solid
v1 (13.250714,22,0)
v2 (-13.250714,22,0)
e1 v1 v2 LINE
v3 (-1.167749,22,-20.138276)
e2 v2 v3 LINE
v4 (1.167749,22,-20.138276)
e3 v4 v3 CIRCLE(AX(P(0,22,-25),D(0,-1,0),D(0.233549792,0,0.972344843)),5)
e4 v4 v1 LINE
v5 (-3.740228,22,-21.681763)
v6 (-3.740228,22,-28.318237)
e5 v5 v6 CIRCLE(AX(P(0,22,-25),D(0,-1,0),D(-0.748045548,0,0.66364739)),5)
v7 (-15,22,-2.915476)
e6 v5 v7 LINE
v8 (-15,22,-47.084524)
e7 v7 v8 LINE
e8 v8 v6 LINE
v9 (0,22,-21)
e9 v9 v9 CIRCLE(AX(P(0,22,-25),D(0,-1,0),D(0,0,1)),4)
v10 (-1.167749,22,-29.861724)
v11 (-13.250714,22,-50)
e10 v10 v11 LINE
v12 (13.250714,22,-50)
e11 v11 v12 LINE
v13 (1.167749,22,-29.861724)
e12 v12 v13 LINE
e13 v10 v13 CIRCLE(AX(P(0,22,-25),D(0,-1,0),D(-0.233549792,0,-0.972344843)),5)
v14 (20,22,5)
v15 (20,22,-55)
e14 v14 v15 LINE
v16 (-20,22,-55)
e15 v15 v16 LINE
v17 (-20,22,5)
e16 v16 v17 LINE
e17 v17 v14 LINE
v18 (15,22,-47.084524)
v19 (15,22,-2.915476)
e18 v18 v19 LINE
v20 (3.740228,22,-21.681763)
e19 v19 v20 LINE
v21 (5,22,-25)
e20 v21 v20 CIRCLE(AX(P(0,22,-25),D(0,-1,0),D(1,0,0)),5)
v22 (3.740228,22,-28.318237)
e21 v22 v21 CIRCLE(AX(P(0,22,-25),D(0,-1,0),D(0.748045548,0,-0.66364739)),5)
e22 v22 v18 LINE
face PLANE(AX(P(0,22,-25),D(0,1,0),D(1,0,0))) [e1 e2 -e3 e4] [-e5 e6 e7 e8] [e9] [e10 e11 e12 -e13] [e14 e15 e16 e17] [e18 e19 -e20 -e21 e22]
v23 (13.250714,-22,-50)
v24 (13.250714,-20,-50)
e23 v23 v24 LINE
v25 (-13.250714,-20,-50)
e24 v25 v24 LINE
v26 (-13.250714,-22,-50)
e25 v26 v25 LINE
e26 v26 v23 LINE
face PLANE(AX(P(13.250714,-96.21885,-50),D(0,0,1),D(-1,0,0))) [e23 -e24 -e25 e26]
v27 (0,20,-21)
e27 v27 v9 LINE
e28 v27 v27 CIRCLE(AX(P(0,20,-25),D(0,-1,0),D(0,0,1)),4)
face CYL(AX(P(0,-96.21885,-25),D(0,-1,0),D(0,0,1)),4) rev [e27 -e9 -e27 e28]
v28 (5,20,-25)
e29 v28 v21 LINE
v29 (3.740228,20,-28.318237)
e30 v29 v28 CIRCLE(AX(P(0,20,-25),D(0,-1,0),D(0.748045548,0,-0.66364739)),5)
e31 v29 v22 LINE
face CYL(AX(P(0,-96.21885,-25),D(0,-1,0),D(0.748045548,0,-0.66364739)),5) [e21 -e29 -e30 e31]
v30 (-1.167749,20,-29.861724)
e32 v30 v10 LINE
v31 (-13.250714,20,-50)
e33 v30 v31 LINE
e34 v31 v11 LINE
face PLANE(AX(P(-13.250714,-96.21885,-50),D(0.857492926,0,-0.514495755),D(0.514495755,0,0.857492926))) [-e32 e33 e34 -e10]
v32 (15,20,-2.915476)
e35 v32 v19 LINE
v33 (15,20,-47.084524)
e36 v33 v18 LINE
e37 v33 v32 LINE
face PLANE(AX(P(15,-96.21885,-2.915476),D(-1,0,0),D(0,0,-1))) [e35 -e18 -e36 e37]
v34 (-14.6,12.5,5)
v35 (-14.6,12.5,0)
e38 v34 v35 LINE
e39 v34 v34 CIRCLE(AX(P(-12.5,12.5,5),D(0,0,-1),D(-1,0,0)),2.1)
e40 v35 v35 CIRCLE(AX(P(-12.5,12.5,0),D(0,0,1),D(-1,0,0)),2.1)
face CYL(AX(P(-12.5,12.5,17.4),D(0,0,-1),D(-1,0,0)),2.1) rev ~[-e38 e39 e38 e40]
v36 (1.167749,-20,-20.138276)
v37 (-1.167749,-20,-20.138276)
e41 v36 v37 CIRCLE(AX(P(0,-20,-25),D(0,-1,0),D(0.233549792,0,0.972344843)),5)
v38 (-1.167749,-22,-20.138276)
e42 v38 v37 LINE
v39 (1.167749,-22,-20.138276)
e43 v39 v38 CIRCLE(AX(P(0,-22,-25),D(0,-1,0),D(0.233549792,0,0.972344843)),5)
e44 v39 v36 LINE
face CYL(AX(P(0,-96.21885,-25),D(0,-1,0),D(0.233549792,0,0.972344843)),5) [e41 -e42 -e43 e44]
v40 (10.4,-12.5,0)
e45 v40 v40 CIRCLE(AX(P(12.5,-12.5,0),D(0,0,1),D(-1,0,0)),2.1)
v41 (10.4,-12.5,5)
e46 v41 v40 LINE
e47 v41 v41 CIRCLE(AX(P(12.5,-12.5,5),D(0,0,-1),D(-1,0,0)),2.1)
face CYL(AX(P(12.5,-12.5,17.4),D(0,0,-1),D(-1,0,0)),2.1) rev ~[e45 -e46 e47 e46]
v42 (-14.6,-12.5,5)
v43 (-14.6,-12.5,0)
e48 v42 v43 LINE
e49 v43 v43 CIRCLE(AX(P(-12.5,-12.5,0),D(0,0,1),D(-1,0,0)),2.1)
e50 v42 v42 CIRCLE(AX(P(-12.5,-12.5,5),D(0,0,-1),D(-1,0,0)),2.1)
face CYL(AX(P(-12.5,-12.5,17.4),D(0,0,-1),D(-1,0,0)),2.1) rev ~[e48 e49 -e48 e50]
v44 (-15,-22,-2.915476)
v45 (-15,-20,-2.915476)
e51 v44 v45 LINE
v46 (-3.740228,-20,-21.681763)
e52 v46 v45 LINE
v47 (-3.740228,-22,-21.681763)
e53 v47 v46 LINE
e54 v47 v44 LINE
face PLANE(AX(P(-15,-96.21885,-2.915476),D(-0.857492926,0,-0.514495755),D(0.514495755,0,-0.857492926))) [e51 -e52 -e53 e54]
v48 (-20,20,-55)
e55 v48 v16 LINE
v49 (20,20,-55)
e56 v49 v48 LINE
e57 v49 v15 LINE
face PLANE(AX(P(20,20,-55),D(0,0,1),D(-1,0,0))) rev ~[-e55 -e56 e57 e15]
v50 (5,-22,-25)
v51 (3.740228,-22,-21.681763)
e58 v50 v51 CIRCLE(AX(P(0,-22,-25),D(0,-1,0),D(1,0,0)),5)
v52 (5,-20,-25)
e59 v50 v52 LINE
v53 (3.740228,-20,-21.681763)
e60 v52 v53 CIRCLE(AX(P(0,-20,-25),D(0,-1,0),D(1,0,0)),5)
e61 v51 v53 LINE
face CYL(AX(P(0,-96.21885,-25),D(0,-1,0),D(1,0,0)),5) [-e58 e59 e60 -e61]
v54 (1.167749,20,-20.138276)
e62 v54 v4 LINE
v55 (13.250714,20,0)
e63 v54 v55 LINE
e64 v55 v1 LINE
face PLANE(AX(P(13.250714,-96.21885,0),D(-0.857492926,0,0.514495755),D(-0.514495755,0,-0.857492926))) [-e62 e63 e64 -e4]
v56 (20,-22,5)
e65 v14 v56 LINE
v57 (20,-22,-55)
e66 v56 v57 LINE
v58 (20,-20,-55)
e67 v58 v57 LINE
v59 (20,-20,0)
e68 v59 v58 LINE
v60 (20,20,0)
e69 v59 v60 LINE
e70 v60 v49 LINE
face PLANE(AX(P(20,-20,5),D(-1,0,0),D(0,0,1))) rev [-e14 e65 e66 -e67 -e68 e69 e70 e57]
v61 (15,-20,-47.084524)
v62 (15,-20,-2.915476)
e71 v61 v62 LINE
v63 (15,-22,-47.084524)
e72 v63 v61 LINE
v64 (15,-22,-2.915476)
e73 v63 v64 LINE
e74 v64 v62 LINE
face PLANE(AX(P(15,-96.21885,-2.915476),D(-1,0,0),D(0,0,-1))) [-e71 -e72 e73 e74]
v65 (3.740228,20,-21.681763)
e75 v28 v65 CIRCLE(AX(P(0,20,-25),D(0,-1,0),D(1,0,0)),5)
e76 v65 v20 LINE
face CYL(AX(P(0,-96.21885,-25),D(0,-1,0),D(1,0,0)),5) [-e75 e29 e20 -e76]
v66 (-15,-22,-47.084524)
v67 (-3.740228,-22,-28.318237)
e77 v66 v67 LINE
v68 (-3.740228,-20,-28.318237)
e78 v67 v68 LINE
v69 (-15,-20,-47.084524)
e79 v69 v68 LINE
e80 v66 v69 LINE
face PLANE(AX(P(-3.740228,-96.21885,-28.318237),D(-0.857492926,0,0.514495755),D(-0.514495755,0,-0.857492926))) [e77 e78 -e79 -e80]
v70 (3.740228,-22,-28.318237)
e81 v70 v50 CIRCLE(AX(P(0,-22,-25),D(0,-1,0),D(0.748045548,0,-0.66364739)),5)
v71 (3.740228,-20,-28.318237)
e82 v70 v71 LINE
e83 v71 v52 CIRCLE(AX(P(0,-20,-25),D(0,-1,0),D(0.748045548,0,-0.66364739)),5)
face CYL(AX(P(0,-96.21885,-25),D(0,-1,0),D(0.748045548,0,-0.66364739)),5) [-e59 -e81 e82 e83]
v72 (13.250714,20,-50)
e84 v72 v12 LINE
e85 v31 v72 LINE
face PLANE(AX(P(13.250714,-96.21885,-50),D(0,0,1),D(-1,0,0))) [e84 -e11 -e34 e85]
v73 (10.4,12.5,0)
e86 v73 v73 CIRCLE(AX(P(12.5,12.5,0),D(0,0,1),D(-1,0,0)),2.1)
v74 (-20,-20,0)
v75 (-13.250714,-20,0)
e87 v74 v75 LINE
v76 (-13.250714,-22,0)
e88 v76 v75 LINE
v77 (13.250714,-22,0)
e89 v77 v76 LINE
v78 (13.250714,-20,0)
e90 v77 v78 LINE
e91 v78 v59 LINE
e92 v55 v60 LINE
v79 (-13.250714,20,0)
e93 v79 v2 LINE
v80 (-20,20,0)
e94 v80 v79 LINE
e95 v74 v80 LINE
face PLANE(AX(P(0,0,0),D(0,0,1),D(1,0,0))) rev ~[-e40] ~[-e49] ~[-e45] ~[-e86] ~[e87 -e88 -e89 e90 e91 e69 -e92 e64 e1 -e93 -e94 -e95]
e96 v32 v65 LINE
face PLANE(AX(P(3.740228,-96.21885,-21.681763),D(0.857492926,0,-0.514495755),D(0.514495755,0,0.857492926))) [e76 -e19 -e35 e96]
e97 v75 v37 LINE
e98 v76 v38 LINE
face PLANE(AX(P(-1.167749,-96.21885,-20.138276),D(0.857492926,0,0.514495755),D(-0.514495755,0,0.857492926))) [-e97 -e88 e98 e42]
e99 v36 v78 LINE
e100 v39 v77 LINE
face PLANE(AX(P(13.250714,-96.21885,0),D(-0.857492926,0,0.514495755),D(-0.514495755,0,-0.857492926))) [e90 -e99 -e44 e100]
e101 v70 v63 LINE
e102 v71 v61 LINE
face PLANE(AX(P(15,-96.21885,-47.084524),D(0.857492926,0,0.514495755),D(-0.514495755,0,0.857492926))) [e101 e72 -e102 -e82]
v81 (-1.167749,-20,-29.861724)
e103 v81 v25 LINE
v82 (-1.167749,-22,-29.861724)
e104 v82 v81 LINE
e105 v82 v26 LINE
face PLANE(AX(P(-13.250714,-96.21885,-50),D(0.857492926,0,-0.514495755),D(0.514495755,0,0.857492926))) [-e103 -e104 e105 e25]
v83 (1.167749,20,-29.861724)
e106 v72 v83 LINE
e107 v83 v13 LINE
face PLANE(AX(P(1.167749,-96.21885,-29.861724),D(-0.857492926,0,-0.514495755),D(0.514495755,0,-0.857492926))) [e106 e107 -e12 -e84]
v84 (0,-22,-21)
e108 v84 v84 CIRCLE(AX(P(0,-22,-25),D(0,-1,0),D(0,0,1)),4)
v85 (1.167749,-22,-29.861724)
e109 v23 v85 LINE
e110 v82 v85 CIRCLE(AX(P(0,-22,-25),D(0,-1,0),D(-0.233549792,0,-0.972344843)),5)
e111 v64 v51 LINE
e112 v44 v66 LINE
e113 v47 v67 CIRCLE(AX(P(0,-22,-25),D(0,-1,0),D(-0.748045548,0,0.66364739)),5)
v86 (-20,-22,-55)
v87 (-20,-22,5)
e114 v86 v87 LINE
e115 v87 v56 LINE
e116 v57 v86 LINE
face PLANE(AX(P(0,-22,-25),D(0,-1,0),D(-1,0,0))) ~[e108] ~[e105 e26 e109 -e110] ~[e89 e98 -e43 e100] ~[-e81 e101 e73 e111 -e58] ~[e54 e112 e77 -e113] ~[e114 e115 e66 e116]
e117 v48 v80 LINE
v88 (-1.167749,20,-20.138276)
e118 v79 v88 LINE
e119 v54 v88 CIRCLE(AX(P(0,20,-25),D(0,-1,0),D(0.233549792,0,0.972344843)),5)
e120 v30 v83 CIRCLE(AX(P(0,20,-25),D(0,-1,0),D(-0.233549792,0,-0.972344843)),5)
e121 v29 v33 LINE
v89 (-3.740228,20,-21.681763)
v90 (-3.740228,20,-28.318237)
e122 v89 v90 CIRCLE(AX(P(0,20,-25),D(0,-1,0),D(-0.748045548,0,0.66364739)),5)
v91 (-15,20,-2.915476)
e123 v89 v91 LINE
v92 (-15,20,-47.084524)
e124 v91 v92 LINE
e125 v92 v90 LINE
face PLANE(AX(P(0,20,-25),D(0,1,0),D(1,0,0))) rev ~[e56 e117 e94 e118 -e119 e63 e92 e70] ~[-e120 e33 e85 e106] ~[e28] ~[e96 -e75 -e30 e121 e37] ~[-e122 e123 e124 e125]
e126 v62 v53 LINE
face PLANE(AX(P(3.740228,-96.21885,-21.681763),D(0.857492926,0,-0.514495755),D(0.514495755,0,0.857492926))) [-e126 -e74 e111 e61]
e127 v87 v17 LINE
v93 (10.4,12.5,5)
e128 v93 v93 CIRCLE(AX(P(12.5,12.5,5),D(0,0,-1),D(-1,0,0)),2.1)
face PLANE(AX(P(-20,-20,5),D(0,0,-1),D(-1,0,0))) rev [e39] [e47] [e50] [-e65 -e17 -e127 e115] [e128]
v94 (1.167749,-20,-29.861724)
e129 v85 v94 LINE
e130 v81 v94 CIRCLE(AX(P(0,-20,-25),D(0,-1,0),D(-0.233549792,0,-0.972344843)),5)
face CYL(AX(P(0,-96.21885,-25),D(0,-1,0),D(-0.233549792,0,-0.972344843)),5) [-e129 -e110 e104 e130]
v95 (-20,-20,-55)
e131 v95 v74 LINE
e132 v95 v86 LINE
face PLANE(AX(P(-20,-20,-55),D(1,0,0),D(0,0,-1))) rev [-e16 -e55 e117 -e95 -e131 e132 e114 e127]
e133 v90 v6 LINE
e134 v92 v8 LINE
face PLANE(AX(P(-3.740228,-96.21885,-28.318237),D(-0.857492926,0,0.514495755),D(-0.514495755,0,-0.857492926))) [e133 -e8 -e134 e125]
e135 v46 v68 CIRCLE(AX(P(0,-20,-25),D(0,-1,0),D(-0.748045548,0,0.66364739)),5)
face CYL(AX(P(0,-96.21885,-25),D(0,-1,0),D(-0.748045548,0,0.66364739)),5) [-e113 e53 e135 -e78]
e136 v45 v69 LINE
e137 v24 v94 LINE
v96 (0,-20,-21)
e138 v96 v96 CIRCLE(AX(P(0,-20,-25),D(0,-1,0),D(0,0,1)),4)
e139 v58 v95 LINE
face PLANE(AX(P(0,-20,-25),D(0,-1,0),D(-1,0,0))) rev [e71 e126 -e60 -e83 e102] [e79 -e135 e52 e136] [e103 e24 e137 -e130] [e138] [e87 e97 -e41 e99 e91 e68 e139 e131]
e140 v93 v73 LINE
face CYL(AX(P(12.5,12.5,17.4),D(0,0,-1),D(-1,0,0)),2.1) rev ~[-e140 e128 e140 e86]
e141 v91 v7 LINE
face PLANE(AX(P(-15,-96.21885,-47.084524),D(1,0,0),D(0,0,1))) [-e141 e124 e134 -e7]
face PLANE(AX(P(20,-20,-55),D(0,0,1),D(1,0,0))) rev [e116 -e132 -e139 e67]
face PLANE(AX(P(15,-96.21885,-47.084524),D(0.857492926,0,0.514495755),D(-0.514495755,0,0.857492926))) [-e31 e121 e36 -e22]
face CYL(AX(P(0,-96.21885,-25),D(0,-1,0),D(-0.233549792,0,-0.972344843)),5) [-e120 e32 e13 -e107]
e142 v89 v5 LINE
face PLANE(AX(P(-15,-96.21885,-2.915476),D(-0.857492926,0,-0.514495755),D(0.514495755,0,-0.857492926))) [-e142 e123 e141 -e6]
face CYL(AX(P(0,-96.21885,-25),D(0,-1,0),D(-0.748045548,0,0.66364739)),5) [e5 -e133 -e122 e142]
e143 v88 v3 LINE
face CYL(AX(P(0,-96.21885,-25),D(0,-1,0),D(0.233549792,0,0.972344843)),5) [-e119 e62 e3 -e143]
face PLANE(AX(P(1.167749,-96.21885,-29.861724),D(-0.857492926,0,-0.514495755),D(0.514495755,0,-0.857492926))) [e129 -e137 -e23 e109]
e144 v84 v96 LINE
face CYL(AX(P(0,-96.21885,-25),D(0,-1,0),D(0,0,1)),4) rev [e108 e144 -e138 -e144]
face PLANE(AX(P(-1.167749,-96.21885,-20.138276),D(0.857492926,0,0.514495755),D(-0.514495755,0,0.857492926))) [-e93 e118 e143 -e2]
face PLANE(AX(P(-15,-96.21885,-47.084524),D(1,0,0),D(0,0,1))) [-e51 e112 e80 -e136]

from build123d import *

# Parameters (mm, degrees)
SKETCH_2_W               = 40
SKETCH_2_H               = 40
EXTRUDE_1_DEPTH          = 5
EXTRUDE_2_DEPTH          = 2
HOLE_WIZARD_M5_1_D       = 4.2
HOLE_WIZARD_M5_1_DEPTH   = 12.4
HOLE_WIZARD_M5_1_TIP     = 1.2618073
CUT_EXTRUDE_5_DEPTH      = 74.218850032
CUT_EXTRUDE_5_DEPTH_BACK = 74.218850032
SKETCH_4_R               = 4


with BuildPart() as part:
    # 草图2 → 凸台-拉伸1 (new body)
    with BuildSketch(Plane.XY):
        Rectangle(SKETCH_2_W, SKETCH_2_H)
    extrude(amount=EXTRUDE_1_DEPTH)

    # 草图3 → 凸台-拉伸2 (add)
    with BuildSketch(Plane(origin=(0, 20, 0), x_dir=(1, 0, 0), z_dir=(0, 1, 0))):
        Polygon((20, 0), (20, 55), (-20, 55), (-20, 0), (-20, -5), (20, -5), align=None)
    extrude_2 = extrude(amount=EXTRUDE_2_DEPTH)

    # 镜向1: 凸台-拉伸2 across plane
    add(extrude_2.mirror(Plane.ZX))

    # M5 螺纹孔1
    with Locations(Plane(origin=(-12.5, 12.5, 5), x_dir=(1, 0, 0), z_dir=(0, 0, 1))):
        with Locations((0, 0), (25, 0), (25, -25), (0, -25)):
            Hole(HOLE_WIZARD_M5_1_D / 2, depth=HOLE_WIZARD_M5_1_DEPTH)
            with Locations((0, 0, -(HOLE_WIZARD_M5_1_DEPTH + HOLE_WIZARD_M5_1_TIP / 2))):  # 118° drill point
                Cone(0, HOLE_WIZARD_M5_1_D / 2, HOLE_WIZARD_M5_1_TIP, mode=Mode.SUBTRACT)

    # 草图4 → 切除-拉伸5 (cut, two sides: drawn at the far end of the back side and taken through both)
    with BuildSketch(Plane(origin=(0, -22, 0), x_dir=(1, 0, 0), z_dir=(0, 1, 0)).offset(-CUT_EXTRUDE_5_DEPTH_BACK)):
        with BuildLine():
            Line((13.250714432, 50), (-13.250714432, 50))
            Line((-13.250714432, 50), (-1.167748962, 29.861724217))
            ThreePointArc((-1.167748962, 29.861724217), (0, 30), (1.167748962, 29.861724217))
            Line((1.167748962, 29.861724217), (13.250714432, 50))
        make_face()
        with BuildLine():
            Line((15, 2.915475947), (15, 47.084524053))
            Line((15, 47.084524053), (3.740227739, 28.318236951))
            ThreePointArc((3.740227739, 28.318236951), (4.674459257, 26.774663532), (5, 25))
            ThreePointArc((5, 25), (4.674459257, 23.225336468), (3.740227739, 21.681763049))
            Line((3.740227739, 21.681763049), (15, 2.915475947))
        make_face()
        with BuildLine():
            Line((-3.740227739, 28.318236951), (-15, 47.084524053))
            Line((-15, 47.084524053), (-15, 2.915475947))
            Line((-15, 2.915475947), (-3.740227739, 21.681763049))
            ThreePointArc((-3.740227739, 21.681763049), (-5, 25), (-3.740227739, 28.318236951))
        make_face()
        with BuildLine():
            Line((-1.167748962, 20.138275783), (-13.250714432, 0))
            Line((-13.250714432, 0), (13.250714432, 0))
            Line((13.250714432, 0), (1.167748962, 20.138275783))
            ThreePointArc((1.167748962, 20.138275783), (0, 20), (-1.167748962, 20.138275783))
        make_face()
        with Locations(Location((0, 25, 0), (0, 0, 270))):
            Circle(SKETCH_4_R)
    extrude(amount=CUT_EXTRUDE_5_DEPTH + CUT_EXTRUDE_5_DEPTH_BACK, mode=Mode.SUBTRACT)


solid = part.part
